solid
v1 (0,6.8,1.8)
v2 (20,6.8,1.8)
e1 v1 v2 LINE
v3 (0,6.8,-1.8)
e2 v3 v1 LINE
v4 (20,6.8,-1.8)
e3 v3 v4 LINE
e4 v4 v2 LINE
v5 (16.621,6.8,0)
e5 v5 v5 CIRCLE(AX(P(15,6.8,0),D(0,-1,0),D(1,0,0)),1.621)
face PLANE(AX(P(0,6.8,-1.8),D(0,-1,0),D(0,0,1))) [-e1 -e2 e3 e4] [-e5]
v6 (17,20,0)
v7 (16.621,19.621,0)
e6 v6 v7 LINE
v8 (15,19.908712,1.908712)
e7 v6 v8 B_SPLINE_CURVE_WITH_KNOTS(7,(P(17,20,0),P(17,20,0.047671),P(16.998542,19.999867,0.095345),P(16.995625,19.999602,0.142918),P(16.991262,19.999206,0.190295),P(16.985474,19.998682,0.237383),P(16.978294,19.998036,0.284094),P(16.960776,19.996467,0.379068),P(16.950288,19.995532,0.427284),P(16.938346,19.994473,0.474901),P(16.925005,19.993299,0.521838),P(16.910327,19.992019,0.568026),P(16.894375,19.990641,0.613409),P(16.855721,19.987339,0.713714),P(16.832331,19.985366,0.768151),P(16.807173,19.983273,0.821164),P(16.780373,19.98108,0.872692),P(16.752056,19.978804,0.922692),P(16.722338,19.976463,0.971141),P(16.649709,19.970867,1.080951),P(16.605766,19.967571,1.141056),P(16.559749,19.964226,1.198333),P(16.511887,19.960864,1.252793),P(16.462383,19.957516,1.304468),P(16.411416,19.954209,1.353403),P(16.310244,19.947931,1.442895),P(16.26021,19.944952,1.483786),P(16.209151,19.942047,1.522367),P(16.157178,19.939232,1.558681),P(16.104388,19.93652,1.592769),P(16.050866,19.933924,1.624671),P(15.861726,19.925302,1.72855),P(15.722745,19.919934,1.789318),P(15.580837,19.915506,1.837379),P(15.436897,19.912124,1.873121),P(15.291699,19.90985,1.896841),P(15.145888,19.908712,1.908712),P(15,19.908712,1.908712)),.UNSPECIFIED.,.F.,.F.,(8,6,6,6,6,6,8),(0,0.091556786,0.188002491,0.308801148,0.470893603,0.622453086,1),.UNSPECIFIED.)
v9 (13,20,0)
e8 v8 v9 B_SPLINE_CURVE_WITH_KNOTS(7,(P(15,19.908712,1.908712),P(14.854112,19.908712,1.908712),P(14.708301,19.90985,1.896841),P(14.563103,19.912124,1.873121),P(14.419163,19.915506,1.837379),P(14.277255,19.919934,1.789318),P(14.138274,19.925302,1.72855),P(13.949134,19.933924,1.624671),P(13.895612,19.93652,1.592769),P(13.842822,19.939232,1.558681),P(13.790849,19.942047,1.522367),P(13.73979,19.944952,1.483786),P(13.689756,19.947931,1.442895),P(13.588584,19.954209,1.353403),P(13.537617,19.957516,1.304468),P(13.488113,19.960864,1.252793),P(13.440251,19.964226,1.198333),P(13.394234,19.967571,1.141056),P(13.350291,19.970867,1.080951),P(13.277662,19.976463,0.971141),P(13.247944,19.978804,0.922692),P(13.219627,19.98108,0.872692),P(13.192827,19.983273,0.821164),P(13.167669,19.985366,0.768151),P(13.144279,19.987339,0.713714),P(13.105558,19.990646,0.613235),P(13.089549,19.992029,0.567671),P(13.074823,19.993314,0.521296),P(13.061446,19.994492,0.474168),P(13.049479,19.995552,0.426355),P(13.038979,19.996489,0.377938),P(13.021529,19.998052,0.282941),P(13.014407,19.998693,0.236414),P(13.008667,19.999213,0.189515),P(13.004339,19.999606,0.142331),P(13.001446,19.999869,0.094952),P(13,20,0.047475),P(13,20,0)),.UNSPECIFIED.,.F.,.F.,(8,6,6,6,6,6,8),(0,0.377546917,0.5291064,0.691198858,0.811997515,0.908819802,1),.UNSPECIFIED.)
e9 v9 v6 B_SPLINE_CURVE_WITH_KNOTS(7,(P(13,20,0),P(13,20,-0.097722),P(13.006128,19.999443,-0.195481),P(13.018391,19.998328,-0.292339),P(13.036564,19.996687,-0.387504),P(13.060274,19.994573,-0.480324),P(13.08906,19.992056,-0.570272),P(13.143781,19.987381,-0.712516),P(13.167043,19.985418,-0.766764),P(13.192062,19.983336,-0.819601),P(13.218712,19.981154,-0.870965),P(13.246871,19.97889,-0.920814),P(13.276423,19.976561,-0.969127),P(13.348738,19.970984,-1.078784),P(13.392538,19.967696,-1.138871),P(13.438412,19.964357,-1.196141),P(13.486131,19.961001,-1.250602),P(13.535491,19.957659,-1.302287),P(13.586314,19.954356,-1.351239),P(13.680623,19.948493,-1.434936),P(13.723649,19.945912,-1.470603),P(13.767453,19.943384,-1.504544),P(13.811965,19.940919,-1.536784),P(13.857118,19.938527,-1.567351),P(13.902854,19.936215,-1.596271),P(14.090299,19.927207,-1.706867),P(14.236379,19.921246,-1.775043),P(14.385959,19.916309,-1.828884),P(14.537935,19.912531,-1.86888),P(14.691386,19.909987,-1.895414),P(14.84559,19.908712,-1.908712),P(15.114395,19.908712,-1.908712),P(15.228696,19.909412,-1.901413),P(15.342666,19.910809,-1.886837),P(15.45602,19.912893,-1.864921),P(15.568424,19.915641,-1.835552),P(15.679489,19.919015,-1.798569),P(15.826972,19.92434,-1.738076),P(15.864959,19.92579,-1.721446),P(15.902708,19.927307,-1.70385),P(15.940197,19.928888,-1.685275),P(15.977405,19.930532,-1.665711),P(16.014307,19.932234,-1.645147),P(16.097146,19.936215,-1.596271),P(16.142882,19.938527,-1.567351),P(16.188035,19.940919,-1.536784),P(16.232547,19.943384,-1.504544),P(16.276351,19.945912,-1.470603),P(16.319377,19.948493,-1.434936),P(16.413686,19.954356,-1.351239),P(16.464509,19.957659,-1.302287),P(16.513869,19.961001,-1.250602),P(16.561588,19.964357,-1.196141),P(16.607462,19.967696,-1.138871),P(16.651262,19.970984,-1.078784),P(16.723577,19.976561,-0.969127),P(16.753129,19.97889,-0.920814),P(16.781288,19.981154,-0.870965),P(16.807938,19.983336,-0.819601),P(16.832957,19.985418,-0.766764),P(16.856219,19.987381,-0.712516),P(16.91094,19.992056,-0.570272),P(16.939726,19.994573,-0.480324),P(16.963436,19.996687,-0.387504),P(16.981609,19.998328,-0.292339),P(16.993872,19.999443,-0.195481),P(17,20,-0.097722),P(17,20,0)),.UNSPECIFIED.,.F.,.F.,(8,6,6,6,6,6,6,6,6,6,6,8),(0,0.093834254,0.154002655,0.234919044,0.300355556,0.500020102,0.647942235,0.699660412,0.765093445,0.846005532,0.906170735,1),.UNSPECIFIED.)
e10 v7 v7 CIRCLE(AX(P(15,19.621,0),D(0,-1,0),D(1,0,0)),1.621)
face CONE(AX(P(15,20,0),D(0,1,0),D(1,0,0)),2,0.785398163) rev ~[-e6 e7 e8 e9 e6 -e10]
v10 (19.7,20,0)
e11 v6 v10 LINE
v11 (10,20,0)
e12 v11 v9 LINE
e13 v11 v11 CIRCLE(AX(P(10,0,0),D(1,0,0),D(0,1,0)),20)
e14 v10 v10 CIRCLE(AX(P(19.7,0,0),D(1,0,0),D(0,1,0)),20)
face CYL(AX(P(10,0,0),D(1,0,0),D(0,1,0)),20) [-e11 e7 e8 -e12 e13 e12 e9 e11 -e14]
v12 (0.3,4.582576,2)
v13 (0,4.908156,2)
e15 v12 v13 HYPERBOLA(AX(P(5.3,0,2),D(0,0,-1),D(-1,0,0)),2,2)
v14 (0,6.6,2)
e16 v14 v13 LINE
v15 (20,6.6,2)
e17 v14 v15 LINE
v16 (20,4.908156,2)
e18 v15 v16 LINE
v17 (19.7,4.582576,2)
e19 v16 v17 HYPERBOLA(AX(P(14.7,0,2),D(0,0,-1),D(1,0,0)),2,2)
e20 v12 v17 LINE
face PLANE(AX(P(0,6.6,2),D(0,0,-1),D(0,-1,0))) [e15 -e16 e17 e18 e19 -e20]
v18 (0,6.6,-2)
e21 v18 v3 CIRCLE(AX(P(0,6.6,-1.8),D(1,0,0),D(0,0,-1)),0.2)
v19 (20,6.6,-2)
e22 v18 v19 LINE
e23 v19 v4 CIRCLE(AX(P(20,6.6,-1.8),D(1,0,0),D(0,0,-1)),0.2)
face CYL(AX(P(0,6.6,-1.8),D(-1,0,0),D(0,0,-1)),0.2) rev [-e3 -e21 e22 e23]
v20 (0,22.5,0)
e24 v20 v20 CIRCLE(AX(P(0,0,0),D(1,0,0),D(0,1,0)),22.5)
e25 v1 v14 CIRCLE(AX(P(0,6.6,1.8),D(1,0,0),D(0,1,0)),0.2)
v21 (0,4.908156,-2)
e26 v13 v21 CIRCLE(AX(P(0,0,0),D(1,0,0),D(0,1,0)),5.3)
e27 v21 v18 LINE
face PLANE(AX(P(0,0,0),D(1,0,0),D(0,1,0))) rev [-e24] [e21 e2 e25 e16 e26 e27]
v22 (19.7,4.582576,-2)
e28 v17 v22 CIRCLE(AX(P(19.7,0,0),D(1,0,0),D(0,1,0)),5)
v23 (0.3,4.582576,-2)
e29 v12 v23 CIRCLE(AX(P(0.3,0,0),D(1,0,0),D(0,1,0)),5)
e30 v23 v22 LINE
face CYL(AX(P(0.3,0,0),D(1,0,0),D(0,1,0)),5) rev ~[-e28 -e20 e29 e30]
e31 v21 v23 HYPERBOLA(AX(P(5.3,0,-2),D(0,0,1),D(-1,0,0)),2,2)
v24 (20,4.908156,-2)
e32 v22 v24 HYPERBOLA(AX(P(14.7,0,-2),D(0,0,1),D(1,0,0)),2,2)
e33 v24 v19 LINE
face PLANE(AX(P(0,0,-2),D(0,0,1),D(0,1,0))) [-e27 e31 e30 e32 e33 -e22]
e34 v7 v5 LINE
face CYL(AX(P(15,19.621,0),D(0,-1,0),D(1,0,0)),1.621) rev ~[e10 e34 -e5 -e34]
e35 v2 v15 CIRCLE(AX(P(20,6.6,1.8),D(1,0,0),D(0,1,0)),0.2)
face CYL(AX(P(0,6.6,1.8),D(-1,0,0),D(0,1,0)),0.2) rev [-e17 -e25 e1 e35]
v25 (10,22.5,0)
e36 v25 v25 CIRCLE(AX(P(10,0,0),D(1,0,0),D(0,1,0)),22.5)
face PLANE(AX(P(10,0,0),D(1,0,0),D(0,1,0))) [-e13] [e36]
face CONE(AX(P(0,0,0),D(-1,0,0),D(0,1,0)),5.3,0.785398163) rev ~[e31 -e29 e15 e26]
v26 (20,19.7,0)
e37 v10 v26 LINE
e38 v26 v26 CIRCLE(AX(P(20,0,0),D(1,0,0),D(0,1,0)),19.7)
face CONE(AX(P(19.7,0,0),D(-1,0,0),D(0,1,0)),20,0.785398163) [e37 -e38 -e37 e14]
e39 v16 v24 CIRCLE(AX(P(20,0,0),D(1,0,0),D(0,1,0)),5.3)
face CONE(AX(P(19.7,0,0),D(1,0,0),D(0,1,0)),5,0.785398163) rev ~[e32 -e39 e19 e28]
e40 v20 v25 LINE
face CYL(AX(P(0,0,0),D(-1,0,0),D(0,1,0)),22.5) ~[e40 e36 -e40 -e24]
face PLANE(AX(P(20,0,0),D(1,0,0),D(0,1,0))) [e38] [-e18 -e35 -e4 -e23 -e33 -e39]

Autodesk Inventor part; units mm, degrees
sketch "Sketch_11" plane through (0, 0, 0) normal (0, 0, 1) x (1, 0, 0)
  line L0 (20, 0) -> (0, 0)
  line L1 (0, 0) -> (0, 34)
  line L2 (0, 34) -> (0.5359, 36)
  line L3 (0.5359, 36) -> (9.4641, 36)
  line L4 (9.4641, 36) -> (10, 34)
  line L5 (10, 34) -> (10, 20)
  line L6 (10, 20) -> (19.7, 20)
  line L7 (19.7, 20) -> (20, 19.7)
  line L8 (20, 19.7) -> (20, 0)
  line L9 (20, 0) -> (0, 0)
revolve "Revolution1" add sketch "Sketch_11" angle 360 about axis through (20, 0, 0) along (1, 0, 0)
sketch "Sketch_2" plane through (0, 0, 0) normal (1, 0, 0) x (0, 1, 0)
  circle A0 centre (0, 0) radius 41
  circle A1 centre (0, 0) radius 22.5
extrude "Extrusion1" cut sketch "Sketch_2" along normal blind 10
sketch "_____1" plane through (0, 0, 0) normal (0, 0, 1) x (1, 0, 0)
  line L0 (40, 0) -> (-40, 0)
  line L1 (0, 0) -> (0, 5.3)
  line L2 (0, 5.3) -> (0.3, 5)
  line L3 (0.3, 5) -> (19.7, 5)
  line L4 (19.7, 5) -> (20, 5.3)
  line L5 (20, 5.3) -> (20, 0)
  line L6 (20, 0) -> (0, 0)
revolve "Revolution2" cut sketch "_____1" angle 360 about axis through (40, 0, 0) along (1, 0, 0)
sketch "Sketch_3" plane through (0, 0, 0) normal (0, 0, 1) x (1, 0, 0)
  line L0 (15, 0) -> (15, 21)
  line L1 (15, 21) -> (17, 21)
  line L2 (17, 21) -> (17, 20)
  line L3 (17, 20) -> (16.621, 19.621)
  line L4 (16.621, 19.621) -> (16.621, 0)
  line L5 (16.621, 0) -> (15, 0)
  line L6 (15, 0) -> (15, 21)
revolve "Revolution3" cut sketch "Sketch_3" angle 360 about axis through (15, 0, 0) along (0, -1, 0)
thread "Thread1" size "M4x0.7" class "6H" standard "ISO Metric profile" full length
sketch "Sketch_5" plane through (0, 0, 0) normal (1, 0, 0) x (0, 1, 0)
  line L0 (6.6, 2) -> (0, 2)
  line L1 (0, 2) -> (0, -2)
  line L2 (0, -2) -> (6.6, -2)
  arc A0 (6.6, -2) -> (6.8, -1.8) centre (6.6, -1.8) ccw
  line L3 (6.8, -1.8) -> (6.8, 1.8)
  arc A1 (6.8, 1.8) -> (6.6, 2) centre (6.6, 1.8) ccw
extrude "Extrusion2" cut sketch "Sketch_5" along normal blind 20
ref_plane "body_to_teeth_XY" through (0, 0, 0) normal (1, 0, 0) x (0, 0, -1)
ref_plane "body_to_teeth_YZ" through (0, 0, 0) normal (0, 0, -1) x (0, 1, 0)
ref_plane "body_to_teeth_ZX" through (0, 0, 0) normal (0, 1, 0) x (1, 0, 0)
ref_plane "screw1_XY" through (15, 20, 0) normal (0, -1, 0) x (1, 0, 0)
ref_plane "screw1_YZ" through (15, 20, 0) normal (1, 0, 0) x (0, 0, 1)
ref_plane "screw1_ZX" through (15, 20, 0) normal (0, 0, 1) x (0, -1, 0)
ref_plane "screw2_XY" through (15, 0, -20) normal (0, 0, -1) x (1, 0, 0)
ref_plane "screw2_YZ" through (15, 0, -20) normal (1, 0, 0) x (0, -1, 0)
ref_plane "screw2_ZX" through (15, 0, -20) normal (0, -1, 0) x (0, 0, -1)
ref_plane "screw3_XY" through (15, -10, -17.3205) normal (0, -0.5, -0.866) x (1, 0, 0)
ref_plane "screw3_YZ" through (15, -10, -17.3205) normal (1, 0, 0) x (0, -0.866, 0.5)
ref_plane "screw3_ZX" through (15, -10, -17.3205) normal (0, -0.866, 0.5) x (0, -0.5, -0.866)
properties part number "GEYK1.0-70-10-B-10K.0_b"
